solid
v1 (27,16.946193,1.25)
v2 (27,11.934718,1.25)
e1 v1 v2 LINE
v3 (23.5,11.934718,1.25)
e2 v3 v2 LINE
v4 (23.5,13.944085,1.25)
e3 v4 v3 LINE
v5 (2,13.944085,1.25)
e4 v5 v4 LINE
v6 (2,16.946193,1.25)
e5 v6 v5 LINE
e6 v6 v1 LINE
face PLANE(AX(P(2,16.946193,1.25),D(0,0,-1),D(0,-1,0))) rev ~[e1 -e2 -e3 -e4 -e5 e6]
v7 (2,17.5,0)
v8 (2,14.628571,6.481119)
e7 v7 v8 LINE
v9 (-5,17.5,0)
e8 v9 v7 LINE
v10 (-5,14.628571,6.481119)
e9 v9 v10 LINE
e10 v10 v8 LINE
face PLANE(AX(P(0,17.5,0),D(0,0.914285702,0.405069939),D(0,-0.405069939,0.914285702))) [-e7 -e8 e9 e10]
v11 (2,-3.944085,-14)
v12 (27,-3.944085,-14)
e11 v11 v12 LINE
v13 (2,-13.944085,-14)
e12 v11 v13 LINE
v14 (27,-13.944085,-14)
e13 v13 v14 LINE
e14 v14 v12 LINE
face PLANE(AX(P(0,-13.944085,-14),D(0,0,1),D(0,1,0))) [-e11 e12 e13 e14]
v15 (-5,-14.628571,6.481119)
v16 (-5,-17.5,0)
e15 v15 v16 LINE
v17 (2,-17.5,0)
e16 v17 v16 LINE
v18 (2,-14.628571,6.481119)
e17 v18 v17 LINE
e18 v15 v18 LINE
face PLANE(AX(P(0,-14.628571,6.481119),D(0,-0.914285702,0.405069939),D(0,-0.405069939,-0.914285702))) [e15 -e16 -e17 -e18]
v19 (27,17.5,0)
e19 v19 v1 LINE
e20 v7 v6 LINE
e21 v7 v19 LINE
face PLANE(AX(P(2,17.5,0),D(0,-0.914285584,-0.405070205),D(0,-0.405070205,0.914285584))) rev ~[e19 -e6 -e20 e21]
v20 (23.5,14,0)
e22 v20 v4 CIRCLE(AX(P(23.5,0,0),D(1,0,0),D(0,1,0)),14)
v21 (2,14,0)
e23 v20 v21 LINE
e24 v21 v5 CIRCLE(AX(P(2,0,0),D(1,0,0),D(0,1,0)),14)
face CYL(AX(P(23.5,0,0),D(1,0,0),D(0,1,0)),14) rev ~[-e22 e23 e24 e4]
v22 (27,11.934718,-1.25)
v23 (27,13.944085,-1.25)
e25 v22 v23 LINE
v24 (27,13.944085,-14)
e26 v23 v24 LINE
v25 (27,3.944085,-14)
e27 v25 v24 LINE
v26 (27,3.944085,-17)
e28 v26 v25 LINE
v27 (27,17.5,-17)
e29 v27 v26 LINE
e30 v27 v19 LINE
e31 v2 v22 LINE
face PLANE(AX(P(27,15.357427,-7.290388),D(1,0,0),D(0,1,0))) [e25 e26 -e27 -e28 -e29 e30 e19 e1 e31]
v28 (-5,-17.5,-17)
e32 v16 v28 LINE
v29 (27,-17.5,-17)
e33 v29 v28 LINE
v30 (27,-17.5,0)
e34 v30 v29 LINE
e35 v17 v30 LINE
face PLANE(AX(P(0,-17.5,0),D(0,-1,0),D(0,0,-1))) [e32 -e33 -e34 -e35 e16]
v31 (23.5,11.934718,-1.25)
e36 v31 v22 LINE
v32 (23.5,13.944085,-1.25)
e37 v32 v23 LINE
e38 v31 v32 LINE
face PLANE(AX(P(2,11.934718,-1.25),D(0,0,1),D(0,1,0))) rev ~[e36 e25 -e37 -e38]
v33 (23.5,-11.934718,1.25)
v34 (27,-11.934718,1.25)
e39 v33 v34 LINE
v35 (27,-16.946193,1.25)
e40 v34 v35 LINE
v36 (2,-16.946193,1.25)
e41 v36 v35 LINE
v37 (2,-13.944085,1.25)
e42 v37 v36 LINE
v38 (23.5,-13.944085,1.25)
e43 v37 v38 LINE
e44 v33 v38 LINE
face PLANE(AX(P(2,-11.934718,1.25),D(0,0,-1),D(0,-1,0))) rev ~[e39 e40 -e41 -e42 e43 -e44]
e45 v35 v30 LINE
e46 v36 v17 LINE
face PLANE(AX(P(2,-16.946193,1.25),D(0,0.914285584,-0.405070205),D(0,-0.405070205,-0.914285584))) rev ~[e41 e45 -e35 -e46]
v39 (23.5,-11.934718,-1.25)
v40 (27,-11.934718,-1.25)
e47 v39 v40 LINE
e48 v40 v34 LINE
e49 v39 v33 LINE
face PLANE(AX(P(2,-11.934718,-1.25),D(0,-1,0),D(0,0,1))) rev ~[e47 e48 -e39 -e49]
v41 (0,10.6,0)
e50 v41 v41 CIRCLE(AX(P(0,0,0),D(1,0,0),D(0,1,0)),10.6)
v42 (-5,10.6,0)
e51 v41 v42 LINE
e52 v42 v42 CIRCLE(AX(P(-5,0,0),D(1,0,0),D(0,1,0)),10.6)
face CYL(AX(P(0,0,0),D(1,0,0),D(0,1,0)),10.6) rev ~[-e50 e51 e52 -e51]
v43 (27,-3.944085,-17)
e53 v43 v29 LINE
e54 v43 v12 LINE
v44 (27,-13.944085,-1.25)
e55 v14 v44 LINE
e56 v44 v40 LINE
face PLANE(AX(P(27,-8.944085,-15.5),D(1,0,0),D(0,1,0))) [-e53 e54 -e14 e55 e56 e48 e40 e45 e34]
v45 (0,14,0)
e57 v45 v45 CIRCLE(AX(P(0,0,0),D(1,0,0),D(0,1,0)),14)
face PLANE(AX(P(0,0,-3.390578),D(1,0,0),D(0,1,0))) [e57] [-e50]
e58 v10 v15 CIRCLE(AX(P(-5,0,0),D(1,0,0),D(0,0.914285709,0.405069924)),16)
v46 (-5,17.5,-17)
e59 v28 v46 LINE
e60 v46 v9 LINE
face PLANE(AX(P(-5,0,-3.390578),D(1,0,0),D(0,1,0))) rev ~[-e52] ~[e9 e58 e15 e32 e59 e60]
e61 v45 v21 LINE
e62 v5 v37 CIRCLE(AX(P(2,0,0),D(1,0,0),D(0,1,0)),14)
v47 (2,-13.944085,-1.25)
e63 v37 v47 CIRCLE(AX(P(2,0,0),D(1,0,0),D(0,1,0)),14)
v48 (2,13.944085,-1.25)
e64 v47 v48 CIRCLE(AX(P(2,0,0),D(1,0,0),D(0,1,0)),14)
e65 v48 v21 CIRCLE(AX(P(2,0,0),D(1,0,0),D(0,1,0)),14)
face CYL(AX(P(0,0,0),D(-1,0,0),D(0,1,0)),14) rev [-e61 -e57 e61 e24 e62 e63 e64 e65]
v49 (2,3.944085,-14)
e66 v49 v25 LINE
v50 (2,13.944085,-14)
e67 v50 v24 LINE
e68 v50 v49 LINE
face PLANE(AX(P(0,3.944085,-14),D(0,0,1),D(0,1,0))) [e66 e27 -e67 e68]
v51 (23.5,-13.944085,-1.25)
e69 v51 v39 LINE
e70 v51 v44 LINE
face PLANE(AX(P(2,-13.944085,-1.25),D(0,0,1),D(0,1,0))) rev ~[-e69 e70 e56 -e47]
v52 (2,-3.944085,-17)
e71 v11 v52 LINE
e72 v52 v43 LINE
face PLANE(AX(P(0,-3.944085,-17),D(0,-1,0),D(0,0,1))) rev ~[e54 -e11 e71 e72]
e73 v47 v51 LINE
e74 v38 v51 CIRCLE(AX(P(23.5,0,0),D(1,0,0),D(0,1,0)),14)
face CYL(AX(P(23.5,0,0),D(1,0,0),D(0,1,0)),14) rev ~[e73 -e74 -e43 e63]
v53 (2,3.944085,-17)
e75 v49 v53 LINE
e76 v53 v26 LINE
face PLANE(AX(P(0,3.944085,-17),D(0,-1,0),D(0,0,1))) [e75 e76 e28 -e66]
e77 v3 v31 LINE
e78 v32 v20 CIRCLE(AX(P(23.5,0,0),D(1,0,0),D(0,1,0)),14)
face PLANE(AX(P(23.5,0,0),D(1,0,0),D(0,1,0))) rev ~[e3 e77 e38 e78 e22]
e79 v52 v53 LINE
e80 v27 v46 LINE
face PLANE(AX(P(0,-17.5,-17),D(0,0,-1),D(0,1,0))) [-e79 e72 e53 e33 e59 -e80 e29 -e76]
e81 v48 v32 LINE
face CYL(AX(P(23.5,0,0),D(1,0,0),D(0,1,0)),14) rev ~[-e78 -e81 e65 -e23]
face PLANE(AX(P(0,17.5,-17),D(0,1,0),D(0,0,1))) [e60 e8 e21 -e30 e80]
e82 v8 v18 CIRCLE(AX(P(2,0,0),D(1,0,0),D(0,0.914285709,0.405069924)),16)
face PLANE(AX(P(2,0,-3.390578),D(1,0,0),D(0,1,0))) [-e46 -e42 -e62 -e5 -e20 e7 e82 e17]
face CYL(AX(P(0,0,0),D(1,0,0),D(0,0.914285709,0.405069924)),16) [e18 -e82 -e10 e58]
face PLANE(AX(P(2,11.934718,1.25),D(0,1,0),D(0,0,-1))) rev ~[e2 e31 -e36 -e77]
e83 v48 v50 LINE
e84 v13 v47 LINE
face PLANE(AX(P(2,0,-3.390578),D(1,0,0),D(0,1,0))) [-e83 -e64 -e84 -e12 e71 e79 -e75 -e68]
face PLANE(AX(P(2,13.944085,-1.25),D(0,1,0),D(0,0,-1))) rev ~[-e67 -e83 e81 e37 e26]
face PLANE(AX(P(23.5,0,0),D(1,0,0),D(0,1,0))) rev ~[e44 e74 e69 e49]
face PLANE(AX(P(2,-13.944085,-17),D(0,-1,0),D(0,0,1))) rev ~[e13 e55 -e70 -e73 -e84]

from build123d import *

# Parameters (mm, degrees)
F0_R      = 14
F1_DEPTH  = 2
F3_DEPTH  = 25
F4_R      = 10.6
F5_DEPTH  = 5
F7_R      = 14
F8_DEPTH  = 23.5
F9_W      = 10
F9_H      = 3
F10_DEPTH = 27
F11_DEPTH = 5


with BuildPart() as f1:
    # F0 (on Right) → F1 (new body)
    with BuildSketch(Plane.YZ):
        with BuildLine():
            Line((-17.5, 0), (-17.5, -17))
            Line((-17.5, -17), (0, -17))
            Line((0, -17), (17.5, -17))
            Line((17.5, -17), (17.5, 0))
            Line((17.5, 0), (14.628571, 6.481119))
            ThreePointArc((14.628571, 6.481119), (0, 16), (-14.628571, 6.481119))
            Line((-14.628571, 6.481119), (-17.5, 0))
        make_face()
        Circle(F0_R, mode=Mode.SUBTRACT)
    extrude(amount=F1_DEPTH)

    # F2 (on face) → F3 (join)
    with BuildSketch(Plane.YZ.offset(2)):
        Polygon((-11.934718, -1.25), (-11.934718, 1.25), (-16.946193, 1.25), (-17.5, 0), (-17.5, -17), (-13.944085, -17), (-13.944085, -1.25), align=None)
        Polygon((11.934718, 1.25), (11.934718, -1.25), (13.944085, -1.25), (13.944085, -17), (17.5, -17), (17.5, 0), (16.946193, 1.25), align=None)
    extrude(amount=F3_DEPTH)

    # F4 (on Right) → F5 (join)
    with BuildSketch(Plane.YZ):
        with BuildLine():
            Line((0, -17), (17.5, -17))
            Line((17.5, -17), (17.5, 0))
            Line((17.5, 0), (14.628571, 6.481119))
            ThreePointArc((14.628571, 6.481119), (0, 16), (-14.628571, 6.481119))
            Line((-14.628571, 6.481119), (-17.5, 0))
            Line((-17.5, 0), (-17.5, -17))
            Line((-17.5, -17), (0, -17))
        make_face()
        Circle(F4_R, mode=Mode.SUBTRACT)
    extrude(amount=-F5_DEPTH)

    # F7 (on offset) → F8 (cut)
    with BuildSketch(Plane.YZ.offset(23.5)):
        Circle(F7_R)
    extrude(amount=-F8_DEPTH, mode=Mode.SUBTRACT)

    # F9 (on Right) → F10 (join)
    with BuildSketch(Plane.YZ):
        with Locations((-8.944085, -15.5)):
            Rectangle(F9_W, F9_H)
        with Locations((8.944085, -15.5)):
            Rectangle(F9_W, F9_H)
    extrude(amount=F10_DEPTH)

    # F9 (on Right) → F11 (join)
    with BuildSketch(Plane.YZ):
        with Locations((-8.944085, -15.5)):
            Rectangle(F9_W, F9_H)
        with Locations((8.944085, -15.5)):
            Rectangle(F9_W, F9_H)
    extrude(amount=-F11_DEPTH)


solid = f1.part
